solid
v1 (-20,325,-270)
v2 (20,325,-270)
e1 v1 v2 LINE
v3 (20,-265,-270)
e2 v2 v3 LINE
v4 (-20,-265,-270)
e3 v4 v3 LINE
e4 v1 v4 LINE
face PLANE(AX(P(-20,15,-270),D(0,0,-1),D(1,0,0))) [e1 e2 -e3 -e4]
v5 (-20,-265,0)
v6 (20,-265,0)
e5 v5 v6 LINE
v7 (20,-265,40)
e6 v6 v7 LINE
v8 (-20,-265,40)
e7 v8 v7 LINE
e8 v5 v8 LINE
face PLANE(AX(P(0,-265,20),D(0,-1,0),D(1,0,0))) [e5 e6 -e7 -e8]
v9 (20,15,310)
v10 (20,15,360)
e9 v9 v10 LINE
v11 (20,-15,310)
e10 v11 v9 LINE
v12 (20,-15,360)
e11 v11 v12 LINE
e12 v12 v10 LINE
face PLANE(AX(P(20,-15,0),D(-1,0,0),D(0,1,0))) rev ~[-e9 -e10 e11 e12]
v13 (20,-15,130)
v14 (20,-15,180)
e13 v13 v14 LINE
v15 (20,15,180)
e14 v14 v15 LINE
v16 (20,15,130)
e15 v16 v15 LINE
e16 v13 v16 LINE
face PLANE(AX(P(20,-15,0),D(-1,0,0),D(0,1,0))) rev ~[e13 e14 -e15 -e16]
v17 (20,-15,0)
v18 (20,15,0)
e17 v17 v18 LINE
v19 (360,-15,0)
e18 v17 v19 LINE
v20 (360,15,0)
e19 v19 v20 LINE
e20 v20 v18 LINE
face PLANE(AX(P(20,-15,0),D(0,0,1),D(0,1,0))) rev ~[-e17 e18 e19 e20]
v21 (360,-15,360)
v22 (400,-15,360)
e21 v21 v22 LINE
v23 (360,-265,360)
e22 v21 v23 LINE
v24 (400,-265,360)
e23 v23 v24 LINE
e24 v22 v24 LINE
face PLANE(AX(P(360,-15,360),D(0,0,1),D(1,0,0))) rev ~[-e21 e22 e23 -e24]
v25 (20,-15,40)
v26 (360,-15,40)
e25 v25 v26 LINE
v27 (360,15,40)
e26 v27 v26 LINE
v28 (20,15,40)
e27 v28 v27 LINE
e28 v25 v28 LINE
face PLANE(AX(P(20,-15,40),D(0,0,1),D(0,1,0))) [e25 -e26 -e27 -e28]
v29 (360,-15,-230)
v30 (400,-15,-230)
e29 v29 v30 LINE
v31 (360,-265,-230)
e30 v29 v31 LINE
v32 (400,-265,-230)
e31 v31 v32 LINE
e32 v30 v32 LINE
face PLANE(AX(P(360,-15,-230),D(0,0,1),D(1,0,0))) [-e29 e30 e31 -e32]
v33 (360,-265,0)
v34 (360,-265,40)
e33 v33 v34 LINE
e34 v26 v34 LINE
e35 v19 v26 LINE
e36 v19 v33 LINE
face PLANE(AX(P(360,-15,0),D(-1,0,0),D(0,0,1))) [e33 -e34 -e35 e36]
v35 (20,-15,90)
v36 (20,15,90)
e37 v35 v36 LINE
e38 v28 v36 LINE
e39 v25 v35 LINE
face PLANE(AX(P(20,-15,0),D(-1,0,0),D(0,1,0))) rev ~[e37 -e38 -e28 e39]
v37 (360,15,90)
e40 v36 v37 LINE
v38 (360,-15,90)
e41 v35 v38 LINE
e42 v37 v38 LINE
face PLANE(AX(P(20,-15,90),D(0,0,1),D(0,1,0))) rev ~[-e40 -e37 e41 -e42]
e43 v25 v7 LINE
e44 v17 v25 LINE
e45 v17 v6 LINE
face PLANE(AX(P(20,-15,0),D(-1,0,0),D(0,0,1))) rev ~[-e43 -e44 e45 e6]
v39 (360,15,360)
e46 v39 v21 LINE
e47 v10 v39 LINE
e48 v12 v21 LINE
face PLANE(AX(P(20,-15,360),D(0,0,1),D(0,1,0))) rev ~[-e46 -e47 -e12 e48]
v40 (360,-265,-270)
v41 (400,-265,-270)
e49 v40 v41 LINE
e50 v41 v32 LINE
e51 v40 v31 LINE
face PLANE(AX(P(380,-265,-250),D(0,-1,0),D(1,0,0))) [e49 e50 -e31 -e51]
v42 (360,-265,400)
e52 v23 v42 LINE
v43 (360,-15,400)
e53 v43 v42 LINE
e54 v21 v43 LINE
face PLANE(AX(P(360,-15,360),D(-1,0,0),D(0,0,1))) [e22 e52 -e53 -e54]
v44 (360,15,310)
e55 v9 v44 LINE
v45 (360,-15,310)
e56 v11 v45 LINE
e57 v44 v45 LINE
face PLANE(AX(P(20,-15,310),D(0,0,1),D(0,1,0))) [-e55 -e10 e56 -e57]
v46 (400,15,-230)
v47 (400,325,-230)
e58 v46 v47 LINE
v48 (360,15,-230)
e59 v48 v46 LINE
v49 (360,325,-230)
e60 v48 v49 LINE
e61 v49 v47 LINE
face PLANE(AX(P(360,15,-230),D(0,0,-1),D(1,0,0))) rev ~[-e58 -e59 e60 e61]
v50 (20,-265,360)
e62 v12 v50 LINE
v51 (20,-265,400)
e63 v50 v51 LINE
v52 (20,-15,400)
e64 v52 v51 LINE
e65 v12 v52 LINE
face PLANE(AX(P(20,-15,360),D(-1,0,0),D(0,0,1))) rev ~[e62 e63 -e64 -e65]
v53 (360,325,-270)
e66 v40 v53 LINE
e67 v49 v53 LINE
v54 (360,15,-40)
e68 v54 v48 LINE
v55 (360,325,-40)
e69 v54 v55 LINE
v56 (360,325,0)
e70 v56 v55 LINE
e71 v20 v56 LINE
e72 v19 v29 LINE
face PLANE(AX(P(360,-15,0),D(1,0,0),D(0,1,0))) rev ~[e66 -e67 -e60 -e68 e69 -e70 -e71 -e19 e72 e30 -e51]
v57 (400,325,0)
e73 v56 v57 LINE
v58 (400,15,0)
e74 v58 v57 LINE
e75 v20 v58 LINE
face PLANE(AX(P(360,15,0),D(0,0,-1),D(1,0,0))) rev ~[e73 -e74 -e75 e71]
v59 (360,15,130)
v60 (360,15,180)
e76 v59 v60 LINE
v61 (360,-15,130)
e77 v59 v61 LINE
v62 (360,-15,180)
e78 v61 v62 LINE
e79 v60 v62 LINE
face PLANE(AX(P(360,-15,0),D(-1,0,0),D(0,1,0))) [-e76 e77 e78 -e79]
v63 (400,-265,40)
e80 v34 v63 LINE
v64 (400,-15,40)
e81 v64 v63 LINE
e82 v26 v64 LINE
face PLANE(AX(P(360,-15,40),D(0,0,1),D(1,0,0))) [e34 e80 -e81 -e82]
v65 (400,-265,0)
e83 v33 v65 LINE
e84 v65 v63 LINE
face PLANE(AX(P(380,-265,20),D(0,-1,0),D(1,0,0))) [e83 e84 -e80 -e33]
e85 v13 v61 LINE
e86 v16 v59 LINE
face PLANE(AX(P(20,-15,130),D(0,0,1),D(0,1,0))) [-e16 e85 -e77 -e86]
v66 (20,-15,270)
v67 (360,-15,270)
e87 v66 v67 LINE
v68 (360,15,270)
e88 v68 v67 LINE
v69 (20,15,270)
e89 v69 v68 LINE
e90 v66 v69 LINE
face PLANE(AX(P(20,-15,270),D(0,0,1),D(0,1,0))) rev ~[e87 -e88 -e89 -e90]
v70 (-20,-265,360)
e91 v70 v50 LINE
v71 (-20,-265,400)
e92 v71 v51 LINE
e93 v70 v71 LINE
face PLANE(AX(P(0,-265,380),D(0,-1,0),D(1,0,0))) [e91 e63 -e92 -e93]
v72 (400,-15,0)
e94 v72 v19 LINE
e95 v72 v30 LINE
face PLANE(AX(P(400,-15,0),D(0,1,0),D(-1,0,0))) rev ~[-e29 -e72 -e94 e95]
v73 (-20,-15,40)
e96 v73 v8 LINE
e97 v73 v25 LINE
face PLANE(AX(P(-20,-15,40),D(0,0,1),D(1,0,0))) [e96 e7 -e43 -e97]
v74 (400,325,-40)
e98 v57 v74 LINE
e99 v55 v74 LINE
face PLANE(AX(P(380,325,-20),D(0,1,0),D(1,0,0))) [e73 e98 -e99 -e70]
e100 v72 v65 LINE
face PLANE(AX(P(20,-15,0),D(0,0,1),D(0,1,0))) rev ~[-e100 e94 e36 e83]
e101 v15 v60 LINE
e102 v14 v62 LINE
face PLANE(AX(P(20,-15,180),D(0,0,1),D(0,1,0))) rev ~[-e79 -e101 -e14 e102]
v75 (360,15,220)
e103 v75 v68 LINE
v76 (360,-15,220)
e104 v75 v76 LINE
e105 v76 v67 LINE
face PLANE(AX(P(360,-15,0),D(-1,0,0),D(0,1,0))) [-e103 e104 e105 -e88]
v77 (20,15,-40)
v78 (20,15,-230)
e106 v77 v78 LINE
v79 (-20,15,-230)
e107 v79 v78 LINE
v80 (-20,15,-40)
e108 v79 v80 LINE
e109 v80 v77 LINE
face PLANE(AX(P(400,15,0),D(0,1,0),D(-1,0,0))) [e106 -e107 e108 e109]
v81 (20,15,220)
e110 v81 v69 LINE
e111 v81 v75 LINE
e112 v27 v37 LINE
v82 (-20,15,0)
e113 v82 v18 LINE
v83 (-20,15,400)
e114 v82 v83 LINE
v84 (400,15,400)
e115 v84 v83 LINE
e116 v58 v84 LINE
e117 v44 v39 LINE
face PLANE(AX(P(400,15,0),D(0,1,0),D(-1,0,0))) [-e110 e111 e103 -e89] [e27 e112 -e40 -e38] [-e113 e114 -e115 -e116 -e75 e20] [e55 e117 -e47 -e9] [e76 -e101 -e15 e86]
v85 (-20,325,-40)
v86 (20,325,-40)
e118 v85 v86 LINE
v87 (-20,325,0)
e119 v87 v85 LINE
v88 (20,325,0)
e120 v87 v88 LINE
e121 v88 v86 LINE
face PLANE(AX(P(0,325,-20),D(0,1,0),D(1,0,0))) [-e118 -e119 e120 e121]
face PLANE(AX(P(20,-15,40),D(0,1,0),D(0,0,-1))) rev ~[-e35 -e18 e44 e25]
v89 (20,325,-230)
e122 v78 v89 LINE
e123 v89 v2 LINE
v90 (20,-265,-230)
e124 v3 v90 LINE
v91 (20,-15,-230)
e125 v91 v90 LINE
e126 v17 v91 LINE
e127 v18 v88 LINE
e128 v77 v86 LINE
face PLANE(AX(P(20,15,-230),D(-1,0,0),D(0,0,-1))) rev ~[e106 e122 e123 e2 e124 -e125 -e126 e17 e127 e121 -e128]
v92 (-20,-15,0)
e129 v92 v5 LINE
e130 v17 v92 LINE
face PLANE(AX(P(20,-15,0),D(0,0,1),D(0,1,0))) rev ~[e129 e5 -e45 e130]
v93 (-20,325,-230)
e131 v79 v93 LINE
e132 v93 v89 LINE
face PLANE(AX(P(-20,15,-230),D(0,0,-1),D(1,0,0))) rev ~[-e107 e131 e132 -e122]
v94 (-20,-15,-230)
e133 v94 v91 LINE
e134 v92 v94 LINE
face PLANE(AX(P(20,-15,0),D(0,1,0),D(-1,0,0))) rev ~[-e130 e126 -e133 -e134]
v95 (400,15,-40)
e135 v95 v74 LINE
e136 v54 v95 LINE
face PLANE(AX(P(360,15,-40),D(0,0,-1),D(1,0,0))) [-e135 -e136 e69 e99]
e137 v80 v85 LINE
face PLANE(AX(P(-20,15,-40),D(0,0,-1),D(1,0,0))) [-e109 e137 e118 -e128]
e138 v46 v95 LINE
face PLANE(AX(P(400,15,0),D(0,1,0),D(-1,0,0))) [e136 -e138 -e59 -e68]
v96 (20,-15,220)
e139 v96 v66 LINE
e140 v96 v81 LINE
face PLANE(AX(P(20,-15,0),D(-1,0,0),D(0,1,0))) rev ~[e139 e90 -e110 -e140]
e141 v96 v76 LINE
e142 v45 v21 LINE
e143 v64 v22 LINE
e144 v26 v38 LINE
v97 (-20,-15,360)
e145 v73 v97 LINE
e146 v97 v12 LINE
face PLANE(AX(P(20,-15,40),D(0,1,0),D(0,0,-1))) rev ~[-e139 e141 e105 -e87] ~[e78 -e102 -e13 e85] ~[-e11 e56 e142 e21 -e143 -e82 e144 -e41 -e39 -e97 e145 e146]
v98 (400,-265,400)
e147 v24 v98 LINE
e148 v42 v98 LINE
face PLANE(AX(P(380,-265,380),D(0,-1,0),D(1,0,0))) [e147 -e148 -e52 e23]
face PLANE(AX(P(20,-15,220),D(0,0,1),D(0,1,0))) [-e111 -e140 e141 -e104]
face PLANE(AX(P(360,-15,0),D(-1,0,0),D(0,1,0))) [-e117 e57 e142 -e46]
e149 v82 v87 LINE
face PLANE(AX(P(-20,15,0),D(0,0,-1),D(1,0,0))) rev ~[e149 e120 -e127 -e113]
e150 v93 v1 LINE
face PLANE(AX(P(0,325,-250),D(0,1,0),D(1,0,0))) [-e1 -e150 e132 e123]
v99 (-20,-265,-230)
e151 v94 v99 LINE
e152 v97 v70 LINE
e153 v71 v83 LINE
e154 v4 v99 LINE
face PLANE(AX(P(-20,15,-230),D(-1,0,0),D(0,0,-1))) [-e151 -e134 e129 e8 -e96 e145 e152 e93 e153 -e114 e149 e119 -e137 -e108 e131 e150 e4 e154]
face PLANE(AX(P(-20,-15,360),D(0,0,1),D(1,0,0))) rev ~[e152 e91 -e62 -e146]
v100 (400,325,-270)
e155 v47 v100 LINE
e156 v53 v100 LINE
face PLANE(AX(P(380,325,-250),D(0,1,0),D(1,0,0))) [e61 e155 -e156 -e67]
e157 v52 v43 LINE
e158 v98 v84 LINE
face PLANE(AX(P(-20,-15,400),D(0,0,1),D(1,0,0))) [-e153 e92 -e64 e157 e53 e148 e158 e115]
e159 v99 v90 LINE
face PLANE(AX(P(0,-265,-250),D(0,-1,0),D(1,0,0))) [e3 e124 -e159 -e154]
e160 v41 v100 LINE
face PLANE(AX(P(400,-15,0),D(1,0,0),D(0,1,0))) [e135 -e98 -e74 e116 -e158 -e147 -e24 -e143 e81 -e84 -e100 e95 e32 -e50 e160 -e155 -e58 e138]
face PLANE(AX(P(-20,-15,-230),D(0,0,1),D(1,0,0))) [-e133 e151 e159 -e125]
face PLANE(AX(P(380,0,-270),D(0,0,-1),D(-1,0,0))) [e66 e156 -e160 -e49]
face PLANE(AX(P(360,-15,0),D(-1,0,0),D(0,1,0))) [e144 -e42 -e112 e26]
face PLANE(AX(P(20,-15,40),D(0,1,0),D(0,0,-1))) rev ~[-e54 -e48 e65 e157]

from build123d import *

# Parameters (mm, degrees)
SKETCH1_W             = 40
SKETCH1_H             = 30
BOSS_EXTRUDE1_DEPTH   = 400
BOSS_EXTRUDE1_2_DEPTH = 400
BOSS_EXTRUDE2_REACH   = 553.928
SKETCH2_W             = 40
SKETCH2_H             = 30
SKETCH3_W             = 40
SKETCH3_H             = 40
BOSS_EXTRUDE3_DEPTH   = 250
SKETCH4_W             = 40
SKETCH4_H             = 30
BOSS_EXTRUDE4_DEPTH   = 270
SKETCH5_W             = 40
SKETCH5_H             = 40
BOSS_EXTRUDE5_DEPTH   = 250
SKETCH6_W             = 40
SKETCH6_H             = 40
BOSS_EXTRUDE6_DEPTH   = 310


with BuildPart() as part:
    # Sketch1 → Boss-Extrude1 (new body)
    with BuildSketch(Plane.XY):
        Rectangle(SKETCH1_W, SKETCH1_H)
    extrude(amount=BOSS_EXTRUDE1_DEPTH)


with BuildPart() as body_2:
    # Sketch1 → Boss-Extrude1 2 (new body)
    with BuildSketch(Plane.XY):
        with Locations((380, 0)):
            Rectangle(SKETCH1_W, SKETCH1_H)
    extrude(amount=BOSS_EXTRUDE1_2_DEPTH)

    # Sketch2 → Boss-Extrude2 (add, up to next)
    with BuildSketch(Plane(origin=(20, 0, 0), x_dir=(0, 0, -1), z_dir=(1, 0, 0)), mode=Mode.PRIVATE) as boss_extrude2_sk1:
        with Locations((-380, 0)):
            Rectangle(SKETCH2_W, SKETCH2_H)
    boss_extrude2_tool1 = extrude(boss_extrude2_sk1.sketch, amount=BOSS_EXTRUDE2_REACH, mode=Mode.PRIVATE) - body_2.part
    # Sketch2 → Boss-Extrude2 (add, up to next)
    with BuildSketch(Plane(origin=(20, 0, 0), x_dir=(0, 0, -1), z_dir=(1, 0, 0)), mode=Mode.PRIVATE) as boss_extrude2_sk2:
        with Locations((-290, 0)):
            Rectangle(SKETCH2_W, SKETCH2_H)
    boss_extrude2_tool2 = extrude(boss_extrude2_sk2.sketch, amount=BOSS_EXTRUDE2_REACH, mode=Mode.PRIVATE) - body_2.part
    # Sketch2 → Boss-Extrude2 (add, up to next)
    with BuildSketch(Plane(origin=(20, 0, 0), x_dir=(0, 0, -1), z_dir=(1, 0, 0)), mode=Mode.PRIVATE) as boss_extrude2_sk3:
        with Locations((-110, 0)):
            Rectangle(SKETCH2_W, SKETCH2_H)
    boss_extrude2_tool3 = extrude(boss_extrude2_sk3.sketch, amount=BOSS_EXTRUDE2_REACH, mode=Mode.PRIVATE) - body_2.part
    # Sketch2 → Boss-Extrude2 (add, up to next)
    with BuildSketch(Plane(origin=(20, 0, 0), x_dir=(0, 0, -1), z_dir=(1, 0, 0)), mode=Mode.PRIVATE) as boss_extrude2_sk4:
        with Locations((-20, 0)):
            Rectangle(SKETCH2_W, SKETCH2_H)
    boss_extrude2_tool4 = extrude(boss_extrude2_sk4.sketch, amount=BOSS_EXTRUDE2_REACH, mode=Mode.PRIVATE) - body_2.part
    # Sketch2 → Boss-Extrude2 (add, up to next)
    with BuildSketch(Plane(origin=(20, 0, 0), x_dir=(0, 0, -1), z_dir=(1, 0, 0)), mode=Mode.PRIVATE) as boss_extrude2_sk5:
        with Locations((-200, 0)):
            Rectangle(SKETCH2_W, SKETCH2_H)
    boss_extrude2_tool5 = extrude(boss_extrude2_sk5.sketch, amount=BOSS_EXTRUDE2_REACH, mode=Mode.PRIVATE) - body_2.part

    add(part.part)  # Boss-Extrude2 merges part
    add(boss_extrude2_tool1.solids().sort_by_distance((20, 0, 380))[0])
    add(boss_extrude2_tool2.solids().sort_by_distance((20, 0, 290))[0])
    add(boss_extrude2_tool3.solids().sort_by_distance((20, 0, 110))[0])
    add(boss_extrude2_tool4.solids().sort_by_distance((20, 0, 20))[0])
    add(boss_extrude2_tool5.solids().sort_by_distance((20, 0, 200))[0])

    # Sketch3 → Boss-Extrude3 (add)
    with BuildSketch(Plane.XZ.offset(15)):
        with Locations((0, 380)):
            Rectangle(SKETCH3_W, SKETCH3_H)
        with Locations((0, 20)):
            Rectangle(SKETCH3_W, SKETCH3_H)
        with Locations((380, 380)):
            Rectangle(SKETCH3_W, SKETCH3_H)
        with Locations((380, 20)):
            Rectangle(SKETCH3_W, SKETCH3_H)
    extrude(amount=BOSS_EXTRUDE3_DEPTH)

    # Sketch4 → Boss-Extrude4 (add)
    with BuildSketch(Plane(origin=(0, 0, 0), x_dir=(-1, 0, 0), z_dir=(0, 0, -1))):
        with Locations((-380, 0)):
            Rectangle(SKETCH4_W, SKETCH4_H)
        Rectangle(SKETCH4_W, SKETCH4_H)
    extrude(amount=BOSS_EXTRUDE4_DEPTH)

    # Sketch5 → Boss-Extrude5 (add)
    with BuildSketch(Plane.XZ.offset(15)):
        with Locations((0, -250)):
            Rectangle(SKETCH5_W, SKETCH5_H)
        with Locations((380, -250)):
            Rectangle(SKETCH5_W, SKETCH5_H)
    extrude(amount=BOSS_EXTRUDE5_DEPTH)

    # Sketch6 → Boss-Extrude6 (add)
    with BuildSketch(Plane(origin=(0, 15, 0), x_dir=(1, 0, 0), z_dir=(0, 1, 0))):
        with Locations((0, 250)):
            Rectangle(SKETCH6_W, SKETCH6_H)
        with Locations((380, 250)):
            Rectangle(SKETCH6_W, SKETCH6_H)
        with Locations((0, 20)):
            Rectangle(SKETCH6_W, SKETCH6_H)
        with Locations((380, 20)):
            Rectangle(SKETCH6_W, SKETCH6_H)
    extrude(amount=BOSS_EXTRUDE6_DEPTH)


solid = body_2.part
